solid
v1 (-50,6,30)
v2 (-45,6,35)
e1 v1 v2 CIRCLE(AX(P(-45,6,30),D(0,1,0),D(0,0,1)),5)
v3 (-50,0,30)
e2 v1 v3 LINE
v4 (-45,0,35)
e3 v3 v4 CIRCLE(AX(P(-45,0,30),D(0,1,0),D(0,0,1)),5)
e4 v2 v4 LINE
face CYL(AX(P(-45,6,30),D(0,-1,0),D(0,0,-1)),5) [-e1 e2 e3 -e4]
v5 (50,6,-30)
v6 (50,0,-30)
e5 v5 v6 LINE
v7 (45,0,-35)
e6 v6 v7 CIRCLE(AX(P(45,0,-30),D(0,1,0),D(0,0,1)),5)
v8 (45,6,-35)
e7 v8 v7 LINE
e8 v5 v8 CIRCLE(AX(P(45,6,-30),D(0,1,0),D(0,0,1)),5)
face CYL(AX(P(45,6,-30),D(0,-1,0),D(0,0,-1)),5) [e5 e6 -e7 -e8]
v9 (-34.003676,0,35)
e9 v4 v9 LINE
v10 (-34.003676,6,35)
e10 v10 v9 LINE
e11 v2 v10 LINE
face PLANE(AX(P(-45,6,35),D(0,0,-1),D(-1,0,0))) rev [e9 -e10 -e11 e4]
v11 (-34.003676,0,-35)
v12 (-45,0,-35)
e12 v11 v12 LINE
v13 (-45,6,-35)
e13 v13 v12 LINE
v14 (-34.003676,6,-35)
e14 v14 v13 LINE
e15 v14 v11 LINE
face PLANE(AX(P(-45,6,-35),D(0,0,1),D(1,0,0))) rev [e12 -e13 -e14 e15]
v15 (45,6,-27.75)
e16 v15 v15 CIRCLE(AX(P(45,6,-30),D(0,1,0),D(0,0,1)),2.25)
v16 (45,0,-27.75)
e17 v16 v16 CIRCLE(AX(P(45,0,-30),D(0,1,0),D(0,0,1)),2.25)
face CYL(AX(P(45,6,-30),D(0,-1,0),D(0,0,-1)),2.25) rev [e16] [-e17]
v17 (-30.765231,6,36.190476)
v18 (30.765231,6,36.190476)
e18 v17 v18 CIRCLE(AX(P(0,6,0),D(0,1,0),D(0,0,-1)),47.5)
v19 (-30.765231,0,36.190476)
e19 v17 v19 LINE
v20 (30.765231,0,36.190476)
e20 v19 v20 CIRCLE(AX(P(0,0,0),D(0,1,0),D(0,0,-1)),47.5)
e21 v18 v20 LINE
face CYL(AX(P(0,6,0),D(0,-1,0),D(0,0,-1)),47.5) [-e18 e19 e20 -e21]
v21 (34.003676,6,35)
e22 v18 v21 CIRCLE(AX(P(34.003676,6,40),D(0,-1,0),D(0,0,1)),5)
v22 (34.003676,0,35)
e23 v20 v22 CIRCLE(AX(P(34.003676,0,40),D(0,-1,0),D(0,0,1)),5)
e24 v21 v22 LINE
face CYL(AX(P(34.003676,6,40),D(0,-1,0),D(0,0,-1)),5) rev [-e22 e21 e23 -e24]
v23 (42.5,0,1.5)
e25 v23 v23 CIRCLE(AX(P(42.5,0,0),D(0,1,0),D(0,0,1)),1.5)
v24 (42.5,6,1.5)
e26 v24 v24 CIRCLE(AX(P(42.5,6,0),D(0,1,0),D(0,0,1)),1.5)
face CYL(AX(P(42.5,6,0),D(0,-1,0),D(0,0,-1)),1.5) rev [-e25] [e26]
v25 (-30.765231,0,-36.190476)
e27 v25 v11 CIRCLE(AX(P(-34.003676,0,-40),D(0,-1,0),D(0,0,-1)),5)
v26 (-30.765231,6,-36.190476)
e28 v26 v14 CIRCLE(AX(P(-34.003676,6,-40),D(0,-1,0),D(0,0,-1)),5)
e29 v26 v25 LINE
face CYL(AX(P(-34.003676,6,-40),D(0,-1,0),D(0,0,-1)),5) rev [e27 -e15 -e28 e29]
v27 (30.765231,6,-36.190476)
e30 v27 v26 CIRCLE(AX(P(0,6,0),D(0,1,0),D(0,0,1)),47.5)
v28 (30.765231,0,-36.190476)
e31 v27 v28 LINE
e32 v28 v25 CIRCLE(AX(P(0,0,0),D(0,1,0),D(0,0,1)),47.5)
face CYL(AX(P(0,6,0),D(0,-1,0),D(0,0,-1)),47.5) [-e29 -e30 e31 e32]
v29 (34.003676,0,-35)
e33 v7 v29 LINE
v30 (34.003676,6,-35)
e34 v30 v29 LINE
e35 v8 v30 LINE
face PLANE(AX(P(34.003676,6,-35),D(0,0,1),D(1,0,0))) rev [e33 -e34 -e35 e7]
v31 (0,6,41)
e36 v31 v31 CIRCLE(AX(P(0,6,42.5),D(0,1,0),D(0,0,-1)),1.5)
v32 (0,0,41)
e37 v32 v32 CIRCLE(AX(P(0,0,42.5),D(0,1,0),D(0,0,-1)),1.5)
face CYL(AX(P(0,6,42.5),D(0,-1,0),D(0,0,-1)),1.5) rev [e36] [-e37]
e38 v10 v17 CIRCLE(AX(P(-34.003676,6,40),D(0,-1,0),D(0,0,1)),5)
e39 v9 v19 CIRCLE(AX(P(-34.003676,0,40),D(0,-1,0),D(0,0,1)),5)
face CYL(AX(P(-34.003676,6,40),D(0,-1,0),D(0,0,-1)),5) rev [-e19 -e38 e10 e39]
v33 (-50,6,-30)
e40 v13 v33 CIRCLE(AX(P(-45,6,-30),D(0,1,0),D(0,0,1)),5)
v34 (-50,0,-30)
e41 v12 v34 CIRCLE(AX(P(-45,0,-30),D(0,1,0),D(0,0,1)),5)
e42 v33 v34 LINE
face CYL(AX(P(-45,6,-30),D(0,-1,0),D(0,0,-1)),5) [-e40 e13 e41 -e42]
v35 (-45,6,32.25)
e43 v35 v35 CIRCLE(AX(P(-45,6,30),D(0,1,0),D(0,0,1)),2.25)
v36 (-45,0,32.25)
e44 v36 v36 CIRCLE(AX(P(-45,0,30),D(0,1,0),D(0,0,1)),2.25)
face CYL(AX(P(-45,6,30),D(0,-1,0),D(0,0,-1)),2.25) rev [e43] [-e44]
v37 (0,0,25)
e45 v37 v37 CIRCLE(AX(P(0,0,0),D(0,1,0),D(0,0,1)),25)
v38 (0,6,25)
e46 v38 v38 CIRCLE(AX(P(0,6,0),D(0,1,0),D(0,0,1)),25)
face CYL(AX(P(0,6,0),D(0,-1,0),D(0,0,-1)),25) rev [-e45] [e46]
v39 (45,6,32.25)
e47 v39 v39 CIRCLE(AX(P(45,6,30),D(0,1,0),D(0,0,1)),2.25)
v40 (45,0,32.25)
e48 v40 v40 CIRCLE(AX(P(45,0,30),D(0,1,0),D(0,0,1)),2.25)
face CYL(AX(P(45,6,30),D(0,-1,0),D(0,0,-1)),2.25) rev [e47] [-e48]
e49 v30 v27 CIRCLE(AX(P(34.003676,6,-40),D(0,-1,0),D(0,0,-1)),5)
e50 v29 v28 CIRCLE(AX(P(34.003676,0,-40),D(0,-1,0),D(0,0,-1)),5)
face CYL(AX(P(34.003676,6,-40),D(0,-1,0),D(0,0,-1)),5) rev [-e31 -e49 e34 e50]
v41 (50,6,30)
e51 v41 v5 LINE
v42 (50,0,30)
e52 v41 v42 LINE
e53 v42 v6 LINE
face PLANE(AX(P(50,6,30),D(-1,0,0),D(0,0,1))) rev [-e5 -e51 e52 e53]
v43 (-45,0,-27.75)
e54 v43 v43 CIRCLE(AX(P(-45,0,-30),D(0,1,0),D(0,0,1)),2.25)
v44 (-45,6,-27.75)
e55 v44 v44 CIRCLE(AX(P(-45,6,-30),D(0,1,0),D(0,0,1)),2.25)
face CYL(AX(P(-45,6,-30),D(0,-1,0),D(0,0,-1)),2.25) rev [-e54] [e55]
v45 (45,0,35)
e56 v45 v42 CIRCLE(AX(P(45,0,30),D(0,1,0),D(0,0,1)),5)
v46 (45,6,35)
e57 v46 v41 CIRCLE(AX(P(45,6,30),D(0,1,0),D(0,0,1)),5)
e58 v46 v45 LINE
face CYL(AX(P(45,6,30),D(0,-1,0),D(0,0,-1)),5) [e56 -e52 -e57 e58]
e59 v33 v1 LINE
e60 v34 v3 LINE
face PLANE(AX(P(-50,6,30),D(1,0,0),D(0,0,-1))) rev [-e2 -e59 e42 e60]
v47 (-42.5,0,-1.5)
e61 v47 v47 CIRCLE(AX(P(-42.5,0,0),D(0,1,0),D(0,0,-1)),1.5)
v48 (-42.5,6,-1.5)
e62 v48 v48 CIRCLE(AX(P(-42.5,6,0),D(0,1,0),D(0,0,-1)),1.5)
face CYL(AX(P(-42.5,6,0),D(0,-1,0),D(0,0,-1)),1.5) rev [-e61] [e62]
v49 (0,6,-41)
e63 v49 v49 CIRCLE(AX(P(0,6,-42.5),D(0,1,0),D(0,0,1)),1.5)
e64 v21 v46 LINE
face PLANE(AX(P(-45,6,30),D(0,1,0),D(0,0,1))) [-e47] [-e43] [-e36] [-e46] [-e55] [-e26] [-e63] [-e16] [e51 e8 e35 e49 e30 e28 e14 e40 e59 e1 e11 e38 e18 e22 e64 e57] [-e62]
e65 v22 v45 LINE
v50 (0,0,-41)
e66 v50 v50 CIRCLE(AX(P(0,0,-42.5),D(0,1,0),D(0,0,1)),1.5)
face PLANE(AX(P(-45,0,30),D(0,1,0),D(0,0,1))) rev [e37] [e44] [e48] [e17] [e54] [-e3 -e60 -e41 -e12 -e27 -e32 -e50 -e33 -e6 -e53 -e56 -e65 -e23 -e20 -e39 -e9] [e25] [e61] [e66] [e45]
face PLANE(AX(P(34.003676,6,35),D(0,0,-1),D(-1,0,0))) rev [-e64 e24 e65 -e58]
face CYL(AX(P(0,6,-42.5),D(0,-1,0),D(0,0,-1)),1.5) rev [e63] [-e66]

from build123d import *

# Parameters (mm, degrees)
SKETCH1_R           = 2.25
SKETCH1_R_2         = 25
SKETCH1_R_3         = 1.5
BOSS_EXTRUDE1_DEPTH = 6


with BuildPart() as part:
    # Sketch1 → Boss-Extrude1 (new body)
    with BuildSketch(Plane(origin=(0, 0, 0), x_dir=(1, 0, 0), z_dir=(0, 1, 0))):
        with BuildLine():
            Line((50, -30), (50, 30))
            ThreePointArc((50, 30), (48.535533906, 33.535533906), (45, 35))
            Line((45, 35), (34.003676272, 35))
            ThreePointArc((34.003676272, 35), (32.278512373, 35.307046823), (30.765230913, 36.19047619))
            ThreePointArc((30.765230913, 36.19047619), (0, 47.5), (-30.765230913, 36.19047619))
            ThreePointArc((-30.765230913, 36.19047619), (-32.278512373, 35.307046823), (-34.003676272, 35))
            Line((-34.003676272, 35), (-45, 35))
            ThreePointArc((-45, 35), (-48.535533906, 33.535533906), (-50, 30))
            Line((-50, 30), (-50, -30))
            ThreePointArc((-50, -30), (-48.535533906, -33.535533906), (-45, -35))
            Line((-45, -35), (-34.003676272, -35))
            ThreePointArc((-34.003676272, -35), (-32.278512373, -35.307046823), (-30.765230913, -36.19047619))
            ThreePointArc((-30.765230913, -36.19047619), (0, -47.5), (30.765230913, -36.19047619))
            ThreePointArc((30.765230913, -36.19047619), (32.278512373, -35.307046823), (34.003676272, -35))
            Line((34.003676272, -35), (45, -35))
            ThreePointArc((45, -35), (48.535533906, -33.535533906), (50, -30))
        make_face()
        with Locations(Location((-45, 30, 0), (0, 0, 270))):
            Circle(SKETCH1_R, mode=Mode.SUBTRACT)
        with Locations(Location((-45, -30, 0), (0, 0, 270))):
            Circle(SKETCH1_R, mode=Mode.SUBTRACT)
        with Locations(Location((45, -30, 0), (0, 0, 270))):
            Circle(SKETCH1_R, mode=Mode.SUBTRACT)
        with Locations(Location((45, 30, 0), (0, 0, 270))):
            Circle(SKETCH1_R, mode=Mode.SUBTRACT)
        with Locations(Location((0, 0, 0), (0, 0, 270))):
            Circle(SKETCH1_R_2, mode=Mode.SUBTRACT)
        with Locations(Location((0, 42.5, 0), (0, 0, 270))):
            Circle(SKETCH1_R_3, mode=Mode.SUBTRACT)
        with Locations(Location((42.5, 0, 0), (0, 0, 270))):
            Circle(SKETCH1_R_3, mode=Mode.SUBTRACT)
        with Locations(Location((0, -42.5, 0), (0, 0, 90))):
            Circle(SKETCH1_R_3, mode=Mode.SUBTRACT)
        with Locations(Location((-42.5, 0, 0), (0, 0, 90))):
            Circle(SKETCH1_R_3, mode=Mode.SUBTRACT)
    extrude(amount=BOSS_EXTRUDE1_DEPTH)


solid = part.part
